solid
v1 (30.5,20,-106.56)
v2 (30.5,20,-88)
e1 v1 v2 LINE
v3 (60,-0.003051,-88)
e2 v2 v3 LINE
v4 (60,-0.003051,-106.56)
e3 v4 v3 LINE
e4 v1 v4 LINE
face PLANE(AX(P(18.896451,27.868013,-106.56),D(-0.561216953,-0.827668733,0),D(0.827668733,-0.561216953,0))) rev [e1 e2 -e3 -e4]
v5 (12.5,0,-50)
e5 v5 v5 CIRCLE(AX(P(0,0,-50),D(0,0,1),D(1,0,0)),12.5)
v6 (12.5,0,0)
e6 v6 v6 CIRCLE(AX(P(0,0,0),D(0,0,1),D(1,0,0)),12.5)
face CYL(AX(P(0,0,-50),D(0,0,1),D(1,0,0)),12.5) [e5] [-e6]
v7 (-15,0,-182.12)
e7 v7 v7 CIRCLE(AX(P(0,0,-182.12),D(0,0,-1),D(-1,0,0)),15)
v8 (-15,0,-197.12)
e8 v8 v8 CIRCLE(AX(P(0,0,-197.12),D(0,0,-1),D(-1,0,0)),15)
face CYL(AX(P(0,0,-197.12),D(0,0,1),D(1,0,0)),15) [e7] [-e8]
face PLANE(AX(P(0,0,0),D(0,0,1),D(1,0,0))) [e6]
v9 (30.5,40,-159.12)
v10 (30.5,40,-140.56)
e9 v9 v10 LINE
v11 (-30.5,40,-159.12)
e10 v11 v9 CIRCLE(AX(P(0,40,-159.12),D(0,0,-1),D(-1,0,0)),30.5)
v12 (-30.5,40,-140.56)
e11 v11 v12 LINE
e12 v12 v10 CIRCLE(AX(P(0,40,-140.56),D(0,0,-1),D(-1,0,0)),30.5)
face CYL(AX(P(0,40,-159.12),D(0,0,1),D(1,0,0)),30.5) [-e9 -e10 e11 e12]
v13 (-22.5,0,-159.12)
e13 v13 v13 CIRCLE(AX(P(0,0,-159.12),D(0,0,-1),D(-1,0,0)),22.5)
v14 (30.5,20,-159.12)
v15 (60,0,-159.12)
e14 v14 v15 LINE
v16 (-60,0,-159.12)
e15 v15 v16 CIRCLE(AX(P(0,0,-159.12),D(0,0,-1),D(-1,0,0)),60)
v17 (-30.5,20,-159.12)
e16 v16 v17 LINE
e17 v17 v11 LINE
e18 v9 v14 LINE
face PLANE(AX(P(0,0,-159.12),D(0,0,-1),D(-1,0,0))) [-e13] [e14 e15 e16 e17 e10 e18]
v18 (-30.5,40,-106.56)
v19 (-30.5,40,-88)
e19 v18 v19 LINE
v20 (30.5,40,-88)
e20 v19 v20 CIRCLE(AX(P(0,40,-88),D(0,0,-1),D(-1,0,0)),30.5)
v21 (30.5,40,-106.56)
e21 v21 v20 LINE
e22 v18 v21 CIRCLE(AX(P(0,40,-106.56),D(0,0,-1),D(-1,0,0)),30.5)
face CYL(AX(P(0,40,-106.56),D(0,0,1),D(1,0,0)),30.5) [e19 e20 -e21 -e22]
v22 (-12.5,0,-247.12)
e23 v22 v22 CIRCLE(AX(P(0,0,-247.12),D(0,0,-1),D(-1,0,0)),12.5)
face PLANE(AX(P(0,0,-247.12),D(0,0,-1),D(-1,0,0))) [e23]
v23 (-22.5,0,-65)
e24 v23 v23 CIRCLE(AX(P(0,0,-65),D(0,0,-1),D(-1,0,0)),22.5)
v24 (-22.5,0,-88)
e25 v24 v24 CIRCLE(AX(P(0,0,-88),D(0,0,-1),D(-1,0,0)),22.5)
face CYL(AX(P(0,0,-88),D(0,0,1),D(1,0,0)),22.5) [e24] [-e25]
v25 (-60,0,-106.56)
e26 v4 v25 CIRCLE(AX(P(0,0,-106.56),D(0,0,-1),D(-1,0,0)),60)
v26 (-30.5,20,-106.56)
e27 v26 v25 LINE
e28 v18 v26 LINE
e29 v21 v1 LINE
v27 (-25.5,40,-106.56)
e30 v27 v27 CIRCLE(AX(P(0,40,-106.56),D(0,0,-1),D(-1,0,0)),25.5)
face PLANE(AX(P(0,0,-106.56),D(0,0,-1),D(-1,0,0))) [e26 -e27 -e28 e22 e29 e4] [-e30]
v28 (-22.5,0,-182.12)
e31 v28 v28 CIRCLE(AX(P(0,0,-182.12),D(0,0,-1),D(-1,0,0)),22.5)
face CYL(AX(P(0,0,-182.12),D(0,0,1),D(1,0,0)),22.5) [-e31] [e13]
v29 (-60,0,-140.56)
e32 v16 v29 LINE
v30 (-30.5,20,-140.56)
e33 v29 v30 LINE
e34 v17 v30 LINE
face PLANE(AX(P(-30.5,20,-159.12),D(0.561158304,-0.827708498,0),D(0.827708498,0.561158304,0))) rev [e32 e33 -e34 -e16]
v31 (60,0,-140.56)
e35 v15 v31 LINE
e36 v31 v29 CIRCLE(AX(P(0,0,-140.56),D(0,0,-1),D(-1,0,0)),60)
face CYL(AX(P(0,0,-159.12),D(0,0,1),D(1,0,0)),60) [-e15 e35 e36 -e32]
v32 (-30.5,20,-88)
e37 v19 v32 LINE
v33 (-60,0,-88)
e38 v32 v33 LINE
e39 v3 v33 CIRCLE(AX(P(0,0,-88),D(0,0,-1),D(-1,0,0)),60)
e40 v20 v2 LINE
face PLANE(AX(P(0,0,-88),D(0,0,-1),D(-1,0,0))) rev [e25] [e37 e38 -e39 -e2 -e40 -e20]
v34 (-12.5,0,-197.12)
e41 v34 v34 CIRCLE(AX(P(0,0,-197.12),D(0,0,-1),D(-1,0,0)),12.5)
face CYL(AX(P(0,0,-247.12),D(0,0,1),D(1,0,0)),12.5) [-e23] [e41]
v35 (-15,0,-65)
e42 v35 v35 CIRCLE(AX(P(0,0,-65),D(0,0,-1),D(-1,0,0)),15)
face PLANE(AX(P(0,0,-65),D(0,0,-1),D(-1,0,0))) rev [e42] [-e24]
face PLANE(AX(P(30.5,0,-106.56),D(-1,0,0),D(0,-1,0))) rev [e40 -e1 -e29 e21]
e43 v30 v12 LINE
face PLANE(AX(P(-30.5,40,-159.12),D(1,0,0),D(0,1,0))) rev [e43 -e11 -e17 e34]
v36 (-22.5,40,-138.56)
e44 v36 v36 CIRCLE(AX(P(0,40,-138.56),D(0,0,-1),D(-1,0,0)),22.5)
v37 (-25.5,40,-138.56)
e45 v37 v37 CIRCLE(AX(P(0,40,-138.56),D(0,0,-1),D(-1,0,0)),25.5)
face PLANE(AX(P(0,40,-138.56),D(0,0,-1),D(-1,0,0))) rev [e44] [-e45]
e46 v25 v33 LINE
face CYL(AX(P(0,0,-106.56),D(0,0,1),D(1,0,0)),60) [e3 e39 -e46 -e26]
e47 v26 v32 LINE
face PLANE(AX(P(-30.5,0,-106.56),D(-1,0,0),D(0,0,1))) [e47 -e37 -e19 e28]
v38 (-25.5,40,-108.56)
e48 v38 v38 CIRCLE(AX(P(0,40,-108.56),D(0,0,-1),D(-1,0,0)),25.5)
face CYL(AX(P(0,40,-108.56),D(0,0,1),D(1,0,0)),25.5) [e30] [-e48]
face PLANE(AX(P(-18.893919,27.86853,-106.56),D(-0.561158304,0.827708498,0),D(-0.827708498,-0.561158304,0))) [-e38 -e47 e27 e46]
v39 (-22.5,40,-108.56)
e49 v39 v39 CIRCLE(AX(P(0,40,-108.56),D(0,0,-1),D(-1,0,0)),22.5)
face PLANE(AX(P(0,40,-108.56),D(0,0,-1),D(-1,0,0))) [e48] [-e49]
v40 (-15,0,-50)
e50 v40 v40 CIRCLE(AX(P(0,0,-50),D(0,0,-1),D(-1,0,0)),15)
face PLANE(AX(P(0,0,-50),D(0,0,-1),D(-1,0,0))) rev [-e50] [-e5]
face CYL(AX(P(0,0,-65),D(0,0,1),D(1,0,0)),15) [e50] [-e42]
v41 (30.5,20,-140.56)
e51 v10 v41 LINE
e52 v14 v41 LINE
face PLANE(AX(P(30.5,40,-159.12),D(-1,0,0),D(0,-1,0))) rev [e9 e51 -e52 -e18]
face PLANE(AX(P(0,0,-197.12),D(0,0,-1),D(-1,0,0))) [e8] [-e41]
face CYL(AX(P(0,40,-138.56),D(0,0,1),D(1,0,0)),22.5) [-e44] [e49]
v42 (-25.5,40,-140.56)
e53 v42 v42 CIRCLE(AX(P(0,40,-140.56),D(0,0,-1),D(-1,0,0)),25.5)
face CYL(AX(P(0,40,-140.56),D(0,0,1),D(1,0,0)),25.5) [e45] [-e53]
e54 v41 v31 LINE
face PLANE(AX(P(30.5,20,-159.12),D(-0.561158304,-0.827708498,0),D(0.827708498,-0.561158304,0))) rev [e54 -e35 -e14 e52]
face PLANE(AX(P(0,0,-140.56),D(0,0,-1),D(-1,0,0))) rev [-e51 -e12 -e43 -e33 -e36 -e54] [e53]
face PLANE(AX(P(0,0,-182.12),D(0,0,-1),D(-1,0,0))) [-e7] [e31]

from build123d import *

# Parameters (mm, degrees)
SKETCH1_R            = 12.5
BOSS_EXTRUDE1_DEPTH  = 50
SKETCH3_R            = 15
BOSS_EXTRUDE2_DEPTH  = 15
SKETCH4_R            = 22.5
BOSS_EXTRUDE3_DEPTH  = 23
SKETCH5_R            = 22.5
BOSS_EXTRUDE5_DEPTH  = 18.56
SKETCH6_R            = 22.5
BOSS_EXTRUDE6_DEPTH  = 18.56
SKETCH7_R            = 25.5
BOSS_EXTRUDE7_DEPTH  = 2
SKETCH9_R            = 22.5
BOSS_EXTRUDE8_DEPTH  = 30
SKETCH11_R           = 25.5
BOSS_EXTRUDE9_DEPTH  = 2
BOSS_EXTRUDE10_DEPTH = 18.56
SKETCH13_R           = 22.5
BOSS_EXTRUDE11_DEPTH = 23
SKETCH14_R           = 15
BOSS_EXTRUDE12_DEPTH = 15
SKETCH15_R           = 12.5
BOSS_EXTRUDE13_DEPTH = 50


with BuildPart() as part:
    # Sketch1 → Boss-Extrude1 (new body)
    with BuildSketch(Plane.XY):
        Circle(SKETCH1_R)
    extrude(amount=-BOSS_EXTRUDE1_DEPTH)

    # Sketch3 → Boss-Extrude2 (add)
    with BuildSketch(Plane(origin=(0, 0, -50), x_dir=(-1, 0, 0), z_dir=(0, 0, -1))):
        Circle(SKETCH3_R)
    extrude(amount=BOSS_EXTRUDE2_DEPTH)

    # Sketch4 → Boss-Extrude3 (add)
    with BuildSketch(Plane(origin=(0, 0, -65), x_dir=(-1, 0, 0), z_dir=(0, 0, -1))):
        Circle(SKETCH4_R)
    extrude(amount=BOSS_EXTRUDE3_DEPTH)



with BuildPart() as body_2:
    # Sketch5 → Boss-Extrude5 (new body)
    with BuildSketch(Plane(origin=(0, 0, -88), x_dir=(-1, 0, 0), z_dir=(0, 0, -1))):
        with BuildLine():
            ThreePointArc((30.5, 40), (0, 70.5), (-30.5, 40))
            Line((-30.5, 40), (-30.5, 20))
            Line((-30.5, 20), (-59.999999922, -0.003051235))
            ThreePointArc((-59.999999922, -0.003051235), (0.001525617, -59.999999981), (60, 0))
            Line((60, 0), (30.5, 20))
            Line((30.5, 20), (30.5, 40))
        make_face()
        Circle(SKETCH5_R, mode=Mode.SUBTRACT)
    extrude(amount=BOSS_EXTRUDE5_DEPTH)


with BuildPart() as part_1:
    add(part.part)

    add(body_2.part)  # Boss-Extrude6 merges body 2
    # Sketch6 → Boss-Extrude6 (add)
    with BuildSketch(Plane(origin=(0, 0, -106.56), x_dir=(-1, 0, 0), z_dir=(0, 0, -1))):
        Circle(SKETCH6_R)
    extrude(amount=-BOSS_EXTRUDE6_DEPTH)

    # Sketch7 → Boss-Extrude7 (add)
    with BuildSketch(Plane(origin=(0, 0, -106.56), x_dir=(-1, 0, 0), z_dir=(0, 0, -1))):
        with Locations((0, 40)):
            Circle(SKETCH7_R)
    extrude(amount=BOSS_EXTRUDE7_DEPTH)

    # Sketch9 → Boss-Extrude8 (add)
    with BuildSketch(Plane(origin=(0, 0, -108.56), x_dir=(-1, 0, 0), z_dir=(0, 0, -1))):
        with Locations((0, 40)):
            Circle(SKETCH9_R)
    extrude(amount=BOSS_EXTRUDE8_DEPTH)

    # Sketch11 → Boss-Extrude9 (add)
    with BuildSketch(Plane(origin=(0, 0, -138.56), x_dir=(-1, 0, 0), z_dir=(0, 0, -1))):
        with Locations((0, 40)):
            Circle(SKETCH11_R)
    extrude(amount=BOSS_EXTRUDE9_DEPTH)

    # Sketch12 → Boss-Extrude10 (add)
    with BuildSketch(Plane(origin=(0, 0, -140.56), x_dir=(-1, 0, 0), z_dir=(0, 0, -1))):
        with BuildLine():
            Line((-30.5, 40), (-30.5, 20))
            Line((-30.5, 20), (-60, 0))
            ThreePointArc((-60, 0), (0, -60), (60, 0))
            Line((60, 0), (30.5, 20))
            Line((30.5, 20), (30.5, 40))
            ThreePointArc((30.5, 40), (0, 70.5), (-30.5, 40))
        make_face()
    extrude(amount=BOSS_EXTRUDE10_DEPTH)

    # Sketch13 → Boss-Extrude11 (add)
    with BuildSketch(Plane(origin=(0, 0, -159.12), x_dir=(-1, 0, 0), z_dir=(0, 0, -1))):
        Circle(SKETCH13_R)
    extrude(amount=BOSS_EXTRUDE11_DEPTH)

    # Sketch14 → Boss-Extrude12 (add)
    with BuildSketch(Plane(origin=(0, 0, -182.12), x_dir=(-1, 0, 0), z_dir=(0, 0, -1))):
        Circle(SKETCH14_R)
    extrude(amount=BOSS_EXTRUDE12_DEPTH)

    # Sketch15 → Boss-Extrude13 (add)
    with BuildSketch(Plane(origin=(0, 0, -197.12), x_dir=(-1, 0, 0), z_dir=(0, 0, -1))):
        Circle(SKETCH15_R)
    extrude(amount=BOSS_EXTRUDE13_DEPTH)


solid = part_1.part
